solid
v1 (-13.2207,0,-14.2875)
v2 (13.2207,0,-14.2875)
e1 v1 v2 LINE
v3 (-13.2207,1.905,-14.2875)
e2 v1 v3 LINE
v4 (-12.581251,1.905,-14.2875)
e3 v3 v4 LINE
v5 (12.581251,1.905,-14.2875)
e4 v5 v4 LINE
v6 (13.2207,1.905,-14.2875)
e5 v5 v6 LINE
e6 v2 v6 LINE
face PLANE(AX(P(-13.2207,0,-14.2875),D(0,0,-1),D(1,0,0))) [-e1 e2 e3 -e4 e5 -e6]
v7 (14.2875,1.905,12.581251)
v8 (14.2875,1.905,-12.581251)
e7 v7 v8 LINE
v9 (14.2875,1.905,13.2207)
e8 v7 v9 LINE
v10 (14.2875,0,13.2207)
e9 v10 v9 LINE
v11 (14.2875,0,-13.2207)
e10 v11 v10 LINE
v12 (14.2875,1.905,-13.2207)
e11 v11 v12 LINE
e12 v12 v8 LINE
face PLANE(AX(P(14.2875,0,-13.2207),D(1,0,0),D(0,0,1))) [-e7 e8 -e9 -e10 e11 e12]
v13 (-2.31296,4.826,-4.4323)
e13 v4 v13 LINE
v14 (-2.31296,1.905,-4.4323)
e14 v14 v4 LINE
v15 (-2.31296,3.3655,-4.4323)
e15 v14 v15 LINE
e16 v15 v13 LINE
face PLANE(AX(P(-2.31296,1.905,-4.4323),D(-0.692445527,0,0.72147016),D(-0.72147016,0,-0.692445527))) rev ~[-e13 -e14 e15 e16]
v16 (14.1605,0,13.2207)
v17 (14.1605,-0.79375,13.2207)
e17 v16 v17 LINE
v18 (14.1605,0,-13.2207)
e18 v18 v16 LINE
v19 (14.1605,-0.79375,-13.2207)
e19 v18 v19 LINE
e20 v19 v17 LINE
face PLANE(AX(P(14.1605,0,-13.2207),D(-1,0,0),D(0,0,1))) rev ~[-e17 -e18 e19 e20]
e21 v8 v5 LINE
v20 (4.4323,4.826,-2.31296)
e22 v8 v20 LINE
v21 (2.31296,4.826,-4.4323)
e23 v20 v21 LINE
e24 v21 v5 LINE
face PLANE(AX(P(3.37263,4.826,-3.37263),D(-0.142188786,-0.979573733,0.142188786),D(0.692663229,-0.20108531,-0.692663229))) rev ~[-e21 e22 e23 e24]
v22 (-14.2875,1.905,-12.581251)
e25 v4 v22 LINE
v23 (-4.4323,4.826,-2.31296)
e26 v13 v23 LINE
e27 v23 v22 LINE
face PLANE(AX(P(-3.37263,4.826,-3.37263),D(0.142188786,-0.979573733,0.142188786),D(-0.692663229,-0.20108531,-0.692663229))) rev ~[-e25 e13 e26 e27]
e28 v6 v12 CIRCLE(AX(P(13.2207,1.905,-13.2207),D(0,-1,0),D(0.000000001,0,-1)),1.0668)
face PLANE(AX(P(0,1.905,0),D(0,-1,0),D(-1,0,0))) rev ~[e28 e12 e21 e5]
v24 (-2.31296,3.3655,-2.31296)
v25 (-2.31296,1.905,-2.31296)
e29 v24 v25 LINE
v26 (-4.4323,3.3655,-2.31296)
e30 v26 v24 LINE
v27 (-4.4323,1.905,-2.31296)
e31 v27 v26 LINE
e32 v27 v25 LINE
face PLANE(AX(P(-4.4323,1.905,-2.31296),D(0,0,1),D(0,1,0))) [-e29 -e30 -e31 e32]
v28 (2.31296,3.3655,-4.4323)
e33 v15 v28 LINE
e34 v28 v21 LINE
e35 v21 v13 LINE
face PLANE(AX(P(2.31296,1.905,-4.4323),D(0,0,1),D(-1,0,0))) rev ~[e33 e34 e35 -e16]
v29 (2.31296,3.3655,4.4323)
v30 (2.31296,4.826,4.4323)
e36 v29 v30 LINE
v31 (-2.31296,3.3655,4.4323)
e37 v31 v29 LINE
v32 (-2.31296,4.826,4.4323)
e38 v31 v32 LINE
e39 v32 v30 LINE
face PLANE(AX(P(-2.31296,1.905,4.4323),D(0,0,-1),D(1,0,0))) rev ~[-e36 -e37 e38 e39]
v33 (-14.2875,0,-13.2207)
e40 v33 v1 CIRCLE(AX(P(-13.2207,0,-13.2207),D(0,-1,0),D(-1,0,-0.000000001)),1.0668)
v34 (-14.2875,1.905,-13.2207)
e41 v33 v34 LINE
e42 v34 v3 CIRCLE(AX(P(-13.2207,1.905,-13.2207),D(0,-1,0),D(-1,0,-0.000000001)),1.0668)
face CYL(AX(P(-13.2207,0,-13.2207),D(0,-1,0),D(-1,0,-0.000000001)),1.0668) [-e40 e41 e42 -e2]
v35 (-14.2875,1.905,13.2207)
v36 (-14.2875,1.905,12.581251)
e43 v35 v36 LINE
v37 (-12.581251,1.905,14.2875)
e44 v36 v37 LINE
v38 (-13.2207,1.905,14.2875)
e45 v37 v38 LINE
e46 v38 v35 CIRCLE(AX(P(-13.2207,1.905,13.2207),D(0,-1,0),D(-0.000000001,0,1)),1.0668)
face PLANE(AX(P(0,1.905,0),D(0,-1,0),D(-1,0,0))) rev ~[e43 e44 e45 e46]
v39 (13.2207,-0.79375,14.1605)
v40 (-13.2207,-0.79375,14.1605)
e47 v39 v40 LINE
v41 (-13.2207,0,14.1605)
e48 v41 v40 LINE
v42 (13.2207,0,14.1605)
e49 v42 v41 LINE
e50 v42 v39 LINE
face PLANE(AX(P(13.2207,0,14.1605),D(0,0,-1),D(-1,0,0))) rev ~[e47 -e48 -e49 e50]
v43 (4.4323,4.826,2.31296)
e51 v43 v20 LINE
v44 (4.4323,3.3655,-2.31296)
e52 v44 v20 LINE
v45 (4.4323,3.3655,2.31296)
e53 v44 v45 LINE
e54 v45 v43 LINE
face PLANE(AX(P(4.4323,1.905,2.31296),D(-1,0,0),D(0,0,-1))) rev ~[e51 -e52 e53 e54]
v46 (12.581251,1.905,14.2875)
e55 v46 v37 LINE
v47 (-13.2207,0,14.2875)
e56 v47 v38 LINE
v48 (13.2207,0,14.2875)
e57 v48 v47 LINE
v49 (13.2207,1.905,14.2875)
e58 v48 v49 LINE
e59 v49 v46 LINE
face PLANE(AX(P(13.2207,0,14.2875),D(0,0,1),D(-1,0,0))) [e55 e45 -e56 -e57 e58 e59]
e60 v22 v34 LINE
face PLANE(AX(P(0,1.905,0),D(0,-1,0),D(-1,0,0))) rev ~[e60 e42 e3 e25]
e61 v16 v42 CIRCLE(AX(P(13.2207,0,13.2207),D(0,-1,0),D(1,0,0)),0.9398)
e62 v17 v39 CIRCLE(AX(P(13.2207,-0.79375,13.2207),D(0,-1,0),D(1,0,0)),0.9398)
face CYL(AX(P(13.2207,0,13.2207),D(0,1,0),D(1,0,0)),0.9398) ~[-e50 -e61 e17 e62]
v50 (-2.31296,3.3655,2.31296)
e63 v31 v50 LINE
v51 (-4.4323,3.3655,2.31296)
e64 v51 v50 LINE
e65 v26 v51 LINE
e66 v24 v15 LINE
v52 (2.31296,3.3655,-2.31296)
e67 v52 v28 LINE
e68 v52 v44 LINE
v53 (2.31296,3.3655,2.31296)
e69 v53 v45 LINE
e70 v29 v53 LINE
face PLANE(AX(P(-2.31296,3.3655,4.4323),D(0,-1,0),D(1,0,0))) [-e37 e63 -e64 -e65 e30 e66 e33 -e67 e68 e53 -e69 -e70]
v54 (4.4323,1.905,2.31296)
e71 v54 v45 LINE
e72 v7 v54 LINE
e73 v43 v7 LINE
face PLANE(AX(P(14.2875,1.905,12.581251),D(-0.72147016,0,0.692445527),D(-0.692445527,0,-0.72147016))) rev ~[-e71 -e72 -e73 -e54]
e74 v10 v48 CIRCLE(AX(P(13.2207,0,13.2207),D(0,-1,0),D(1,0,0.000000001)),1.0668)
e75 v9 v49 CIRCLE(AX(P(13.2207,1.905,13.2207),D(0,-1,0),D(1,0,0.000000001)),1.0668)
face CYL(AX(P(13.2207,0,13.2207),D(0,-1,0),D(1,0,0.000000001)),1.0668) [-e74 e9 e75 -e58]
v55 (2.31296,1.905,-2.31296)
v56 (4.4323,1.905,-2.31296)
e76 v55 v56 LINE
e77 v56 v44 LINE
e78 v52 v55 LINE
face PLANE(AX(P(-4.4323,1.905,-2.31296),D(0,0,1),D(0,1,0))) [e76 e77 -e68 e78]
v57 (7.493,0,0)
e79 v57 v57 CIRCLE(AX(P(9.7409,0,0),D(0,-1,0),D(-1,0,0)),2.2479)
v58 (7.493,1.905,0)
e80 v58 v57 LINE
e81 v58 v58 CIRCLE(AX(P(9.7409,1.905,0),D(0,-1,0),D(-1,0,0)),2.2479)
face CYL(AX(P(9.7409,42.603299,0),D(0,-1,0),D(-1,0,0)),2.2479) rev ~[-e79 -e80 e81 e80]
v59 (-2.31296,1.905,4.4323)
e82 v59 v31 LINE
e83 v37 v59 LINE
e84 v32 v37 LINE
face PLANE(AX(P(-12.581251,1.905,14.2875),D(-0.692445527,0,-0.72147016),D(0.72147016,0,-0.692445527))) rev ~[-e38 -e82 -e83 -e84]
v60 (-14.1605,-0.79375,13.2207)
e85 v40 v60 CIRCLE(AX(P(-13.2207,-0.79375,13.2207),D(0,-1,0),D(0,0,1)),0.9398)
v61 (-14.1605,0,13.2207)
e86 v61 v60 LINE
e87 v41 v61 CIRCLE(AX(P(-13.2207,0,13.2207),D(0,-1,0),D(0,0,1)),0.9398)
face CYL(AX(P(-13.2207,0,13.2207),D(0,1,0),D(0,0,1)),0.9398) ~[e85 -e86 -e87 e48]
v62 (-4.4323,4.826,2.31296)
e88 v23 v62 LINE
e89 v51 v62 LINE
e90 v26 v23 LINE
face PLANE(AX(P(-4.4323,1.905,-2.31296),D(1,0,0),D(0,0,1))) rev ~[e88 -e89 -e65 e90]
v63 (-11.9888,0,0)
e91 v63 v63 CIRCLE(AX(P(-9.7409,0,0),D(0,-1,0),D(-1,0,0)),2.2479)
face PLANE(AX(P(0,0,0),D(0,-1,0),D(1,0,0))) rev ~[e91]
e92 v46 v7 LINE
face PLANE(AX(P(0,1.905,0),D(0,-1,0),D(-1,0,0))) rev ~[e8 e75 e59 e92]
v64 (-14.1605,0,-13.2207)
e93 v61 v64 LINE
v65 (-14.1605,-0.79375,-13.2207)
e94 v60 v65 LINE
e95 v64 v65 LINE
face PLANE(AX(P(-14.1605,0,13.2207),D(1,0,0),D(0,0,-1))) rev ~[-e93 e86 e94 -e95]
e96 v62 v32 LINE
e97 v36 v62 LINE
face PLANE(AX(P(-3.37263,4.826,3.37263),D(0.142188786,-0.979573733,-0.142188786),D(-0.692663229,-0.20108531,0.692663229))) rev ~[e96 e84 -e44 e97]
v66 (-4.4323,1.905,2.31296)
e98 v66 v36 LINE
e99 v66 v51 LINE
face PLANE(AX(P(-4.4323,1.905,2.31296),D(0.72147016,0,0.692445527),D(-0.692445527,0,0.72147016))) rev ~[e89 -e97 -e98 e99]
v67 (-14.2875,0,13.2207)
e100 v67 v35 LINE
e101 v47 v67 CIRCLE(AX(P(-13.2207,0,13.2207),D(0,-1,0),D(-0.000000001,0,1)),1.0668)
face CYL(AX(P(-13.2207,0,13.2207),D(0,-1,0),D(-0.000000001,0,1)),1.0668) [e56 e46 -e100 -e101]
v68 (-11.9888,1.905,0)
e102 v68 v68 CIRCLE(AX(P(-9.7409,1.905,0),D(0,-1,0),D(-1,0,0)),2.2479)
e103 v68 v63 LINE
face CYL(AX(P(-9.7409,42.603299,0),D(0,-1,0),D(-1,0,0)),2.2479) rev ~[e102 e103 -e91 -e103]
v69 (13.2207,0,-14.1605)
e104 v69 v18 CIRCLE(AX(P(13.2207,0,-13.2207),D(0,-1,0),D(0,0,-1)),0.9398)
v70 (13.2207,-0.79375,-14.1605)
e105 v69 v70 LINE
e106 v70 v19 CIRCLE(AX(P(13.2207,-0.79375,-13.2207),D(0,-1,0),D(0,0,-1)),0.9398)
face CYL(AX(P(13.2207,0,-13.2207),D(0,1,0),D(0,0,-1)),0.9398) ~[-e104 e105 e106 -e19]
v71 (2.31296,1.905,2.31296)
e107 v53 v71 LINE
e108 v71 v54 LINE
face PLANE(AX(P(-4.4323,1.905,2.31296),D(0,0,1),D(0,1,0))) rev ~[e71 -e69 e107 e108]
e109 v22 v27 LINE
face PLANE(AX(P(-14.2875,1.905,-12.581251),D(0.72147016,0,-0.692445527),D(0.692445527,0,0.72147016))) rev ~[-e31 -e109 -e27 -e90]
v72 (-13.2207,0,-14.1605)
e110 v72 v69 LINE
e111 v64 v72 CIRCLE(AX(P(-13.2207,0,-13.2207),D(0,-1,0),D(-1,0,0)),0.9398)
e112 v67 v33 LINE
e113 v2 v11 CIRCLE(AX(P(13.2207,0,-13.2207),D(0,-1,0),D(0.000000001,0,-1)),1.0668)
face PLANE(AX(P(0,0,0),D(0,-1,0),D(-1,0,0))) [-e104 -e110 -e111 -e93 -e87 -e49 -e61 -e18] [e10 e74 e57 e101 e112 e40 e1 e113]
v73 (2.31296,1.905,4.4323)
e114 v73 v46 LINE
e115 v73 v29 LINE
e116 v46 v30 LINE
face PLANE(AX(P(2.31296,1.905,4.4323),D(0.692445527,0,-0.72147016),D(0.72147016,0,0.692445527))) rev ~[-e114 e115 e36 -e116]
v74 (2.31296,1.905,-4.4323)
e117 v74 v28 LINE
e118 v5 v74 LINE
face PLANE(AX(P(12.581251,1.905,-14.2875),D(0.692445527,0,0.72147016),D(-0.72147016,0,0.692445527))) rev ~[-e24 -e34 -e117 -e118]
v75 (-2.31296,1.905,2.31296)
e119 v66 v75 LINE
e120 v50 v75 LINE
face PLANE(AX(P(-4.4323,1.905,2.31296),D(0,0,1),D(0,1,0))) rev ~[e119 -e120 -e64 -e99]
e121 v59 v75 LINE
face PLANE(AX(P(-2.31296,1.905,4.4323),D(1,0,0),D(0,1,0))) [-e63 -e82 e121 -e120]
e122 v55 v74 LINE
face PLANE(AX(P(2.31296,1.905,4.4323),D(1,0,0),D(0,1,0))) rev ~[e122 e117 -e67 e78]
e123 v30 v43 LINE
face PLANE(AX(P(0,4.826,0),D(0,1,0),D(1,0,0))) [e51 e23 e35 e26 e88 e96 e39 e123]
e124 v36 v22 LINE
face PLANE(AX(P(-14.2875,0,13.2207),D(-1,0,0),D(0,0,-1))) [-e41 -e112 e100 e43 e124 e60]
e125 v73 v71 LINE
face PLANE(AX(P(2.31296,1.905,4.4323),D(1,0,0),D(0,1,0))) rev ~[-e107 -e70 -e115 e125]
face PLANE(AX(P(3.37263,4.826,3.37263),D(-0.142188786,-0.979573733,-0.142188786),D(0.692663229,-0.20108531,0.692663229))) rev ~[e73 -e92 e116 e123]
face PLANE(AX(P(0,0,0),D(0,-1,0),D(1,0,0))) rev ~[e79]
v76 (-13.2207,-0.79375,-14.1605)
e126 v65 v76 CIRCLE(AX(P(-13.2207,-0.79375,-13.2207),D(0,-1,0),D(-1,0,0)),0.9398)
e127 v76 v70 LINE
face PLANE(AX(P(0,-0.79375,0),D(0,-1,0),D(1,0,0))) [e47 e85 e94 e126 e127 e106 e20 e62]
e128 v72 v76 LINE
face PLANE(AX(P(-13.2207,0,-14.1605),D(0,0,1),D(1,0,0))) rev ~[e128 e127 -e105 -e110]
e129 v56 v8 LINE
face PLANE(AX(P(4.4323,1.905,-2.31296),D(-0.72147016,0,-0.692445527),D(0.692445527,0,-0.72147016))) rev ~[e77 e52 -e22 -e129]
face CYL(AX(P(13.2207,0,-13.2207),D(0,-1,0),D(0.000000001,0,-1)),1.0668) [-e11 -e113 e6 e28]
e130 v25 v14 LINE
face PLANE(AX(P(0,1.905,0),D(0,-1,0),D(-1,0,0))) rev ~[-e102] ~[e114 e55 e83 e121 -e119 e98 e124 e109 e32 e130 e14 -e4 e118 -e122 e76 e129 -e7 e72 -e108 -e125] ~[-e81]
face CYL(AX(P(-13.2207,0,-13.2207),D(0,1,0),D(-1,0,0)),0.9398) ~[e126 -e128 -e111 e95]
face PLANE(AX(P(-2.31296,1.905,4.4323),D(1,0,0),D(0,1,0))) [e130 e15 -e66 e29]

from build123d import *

# Parameters (mm, degrees)
BOSS_EXTRUDE1_DEPTH   = 1.905
BOSS_EXTRUDE2_DEPTH   = 2.921
CUT_EXTRUDE2_DEPTH    = 21.773916061
CIRPATTERN3_COUNT     = 4
SKETCH5_W             = 4.62591911
SKETCH5_H             = 1.4605
CUT_EXTRUDE3_DEPTH    = 25.03859073
CIRPATTERN4_COUNT     = 4
F_8_CLEARANCE_HOLE1_D = 4.4958
BOSS_EXTRUDE3_DEPTH   = 0.79375


with BuildPart() as part:
    # Sketch1 → Boss-Extrude1 (new body)
    with BuildSketch(Plane(origin=(0, 0, 0), x_dir=(1, 0, 0), z_dir=(0, 1, 0))):
        with BuildLine():
            Line((13.2207, -14.2875), (-13.2207, -14.2875))
            ThreePointArc((-13.2207, -14.2875), (-13.975041514, -13.975041514), (-14.2875, -13.2207))
            Line((-14.2875, -13.2207), (-14.2875, 13.2207))
            ThreePointArc((-14.2875, 13.2207), (-13.975041514, 13.975041514), (-13.2207, 14.2875))
            Line((-13.2207, 14.2875), (13.2207, 14.2875))
            ThreePointArc((13.2207, 14.2875), (13.975041514, 13.975041514), (14.2875, 13.2207))
            Line((14.2875, 13.2207), (14.2875, -13.2207))
            ThreePointArc((14.2875, -13.2207), (13.975041514, -13.975041514), (13.2207, -14.2875))
        make_face()
    extrude(amount=BOSS_EXTRUDE1_DEPTH)

    # Sketch2 → Boss-Extrude2 (add)
    with BuildSketch(Plane(origin=(0, 1.905, 0), x_dir=(1, 0, 0), z_dir=(0, 1, 0))):
        Polygon((4.4323, -2.312959555), (4.4323, 2.312959555), (14.2875, 12.581251337), (12.581251337, 14.2875), (2.312959555, 4.4323), (-2.312959555, 4.4323), (-12.581251337, 14.2875), (-14.2875, 12.581251337), (-4.4323, 2.312959555), (-4.4323, -2.312959555), (-14.2875, -12.581251337), (-12.581251337, -14.2875), (-2.312959555, -4.4323), (2.312959555, -4.4323), (12.581251337, -14.2875), (14.2875, -12.581251337), align=None)
    extrude(amount=BOSS_EXTRUDE2_DEPTH)

    # Sketch4 → Cut-Extrude2 (cut, symmetric)
    with BuildSketch(Plane(origin=(0, 0, 0), x_dir=(0, -1, 0), z_dir=(0.7071067811865488, 0, 0.7071067811865464))):
        Polygon((-4.826, 4.769618773), (-1.905, 18.999076272), (-4.826, 18.999076272), align=None)
    cut_extrude2 = extrude(amount=CUT_EXTRUDE2_DEPTH, both=True, mode=Mode.SUBTRACT)

    # CirPattern3: Cut-Extrude2 ×4 about axis
    cirpattern3_axis = Axis((0, 5.0673, 0), (0, -1, 0))
    for i in range(1, CIRPATTERN3_COUNT):
        add(cut_extrude2.rotate(cirpattern3_axis, i * 360 / CIRPATTERN3_COUNT), mode=Mode.SUBTRACT)

    # Sketch5 → Cut-Extrude3 (cut, through all)
    with BuildSketch(Plane.XY.offset(4.4323)):
        with Locations((0, 2.63525)):
            Rectangle(SKETCH5_W, SKETCH5_H)
    cut_extrude3 = extrude(amount=-CUT_EXTRUDE3_DEPTH, mode=Mode.SUBTRACT)

    # CirPattern4: Cut-Extrude3 ×4 about axis
    cirpattern4_axis = Axis((0, 5.0673, 0), (0, -1, 0))
    for i in range(1, CIRPATTERN4_COUNT):
        add(cut_extrude3.rotate(cirpattern4_axis, i * 360 / CIRPATTERN4_COUNT), mode=Mode.SUBTRACT)

    # #8 Clearance Hole1 (through all)
    with Locations(Plane(origin=(0, 1.905, 0), x_dir=(1, 0, 0), z_dir=(0, 1, 0))):
        with Locations((-9.7409, 0), (9.7409, 0)):
            Hole(F_8_CLEARANCE_HOLE1_D / 2)

    # Sketch6 → Boss-Extrude3 (add)
    with BuildSketch(Plane.XZ):
        with BuildLine():
            Line((-14.1605, 13.2207), (-14.1605, -13.2207))
            ThreePointArc((-14.1605, -13.2207), (-13.885238953, -13.885238953), (-13.2207, -14.1605))
            Line((-13.2207, -14.1605), (13.2207, -14.1605))
            ThreePointArc((13.2207, -14.1605), (13.885238953, -13.885238953), (14.1605, -13.2207))
            Line((14.1605, -13.2207), (14.1605, 13.2207))
            ThreePointArc((14.1605, 13.2207), (13.885238953, 13.885238953), (13.2207, 14.1605))
            Line((13.2207, 14.1605), (-13.2207, 14.1605))
            ThreePointArc((-13.2207, 14.1605), (-13.885238953, 13.885238953), (-14.1605, 13.2207))
        make_face()
    extrude(amount=BOSS_EXTRUDE3_DEPTH)


solid = part.part
